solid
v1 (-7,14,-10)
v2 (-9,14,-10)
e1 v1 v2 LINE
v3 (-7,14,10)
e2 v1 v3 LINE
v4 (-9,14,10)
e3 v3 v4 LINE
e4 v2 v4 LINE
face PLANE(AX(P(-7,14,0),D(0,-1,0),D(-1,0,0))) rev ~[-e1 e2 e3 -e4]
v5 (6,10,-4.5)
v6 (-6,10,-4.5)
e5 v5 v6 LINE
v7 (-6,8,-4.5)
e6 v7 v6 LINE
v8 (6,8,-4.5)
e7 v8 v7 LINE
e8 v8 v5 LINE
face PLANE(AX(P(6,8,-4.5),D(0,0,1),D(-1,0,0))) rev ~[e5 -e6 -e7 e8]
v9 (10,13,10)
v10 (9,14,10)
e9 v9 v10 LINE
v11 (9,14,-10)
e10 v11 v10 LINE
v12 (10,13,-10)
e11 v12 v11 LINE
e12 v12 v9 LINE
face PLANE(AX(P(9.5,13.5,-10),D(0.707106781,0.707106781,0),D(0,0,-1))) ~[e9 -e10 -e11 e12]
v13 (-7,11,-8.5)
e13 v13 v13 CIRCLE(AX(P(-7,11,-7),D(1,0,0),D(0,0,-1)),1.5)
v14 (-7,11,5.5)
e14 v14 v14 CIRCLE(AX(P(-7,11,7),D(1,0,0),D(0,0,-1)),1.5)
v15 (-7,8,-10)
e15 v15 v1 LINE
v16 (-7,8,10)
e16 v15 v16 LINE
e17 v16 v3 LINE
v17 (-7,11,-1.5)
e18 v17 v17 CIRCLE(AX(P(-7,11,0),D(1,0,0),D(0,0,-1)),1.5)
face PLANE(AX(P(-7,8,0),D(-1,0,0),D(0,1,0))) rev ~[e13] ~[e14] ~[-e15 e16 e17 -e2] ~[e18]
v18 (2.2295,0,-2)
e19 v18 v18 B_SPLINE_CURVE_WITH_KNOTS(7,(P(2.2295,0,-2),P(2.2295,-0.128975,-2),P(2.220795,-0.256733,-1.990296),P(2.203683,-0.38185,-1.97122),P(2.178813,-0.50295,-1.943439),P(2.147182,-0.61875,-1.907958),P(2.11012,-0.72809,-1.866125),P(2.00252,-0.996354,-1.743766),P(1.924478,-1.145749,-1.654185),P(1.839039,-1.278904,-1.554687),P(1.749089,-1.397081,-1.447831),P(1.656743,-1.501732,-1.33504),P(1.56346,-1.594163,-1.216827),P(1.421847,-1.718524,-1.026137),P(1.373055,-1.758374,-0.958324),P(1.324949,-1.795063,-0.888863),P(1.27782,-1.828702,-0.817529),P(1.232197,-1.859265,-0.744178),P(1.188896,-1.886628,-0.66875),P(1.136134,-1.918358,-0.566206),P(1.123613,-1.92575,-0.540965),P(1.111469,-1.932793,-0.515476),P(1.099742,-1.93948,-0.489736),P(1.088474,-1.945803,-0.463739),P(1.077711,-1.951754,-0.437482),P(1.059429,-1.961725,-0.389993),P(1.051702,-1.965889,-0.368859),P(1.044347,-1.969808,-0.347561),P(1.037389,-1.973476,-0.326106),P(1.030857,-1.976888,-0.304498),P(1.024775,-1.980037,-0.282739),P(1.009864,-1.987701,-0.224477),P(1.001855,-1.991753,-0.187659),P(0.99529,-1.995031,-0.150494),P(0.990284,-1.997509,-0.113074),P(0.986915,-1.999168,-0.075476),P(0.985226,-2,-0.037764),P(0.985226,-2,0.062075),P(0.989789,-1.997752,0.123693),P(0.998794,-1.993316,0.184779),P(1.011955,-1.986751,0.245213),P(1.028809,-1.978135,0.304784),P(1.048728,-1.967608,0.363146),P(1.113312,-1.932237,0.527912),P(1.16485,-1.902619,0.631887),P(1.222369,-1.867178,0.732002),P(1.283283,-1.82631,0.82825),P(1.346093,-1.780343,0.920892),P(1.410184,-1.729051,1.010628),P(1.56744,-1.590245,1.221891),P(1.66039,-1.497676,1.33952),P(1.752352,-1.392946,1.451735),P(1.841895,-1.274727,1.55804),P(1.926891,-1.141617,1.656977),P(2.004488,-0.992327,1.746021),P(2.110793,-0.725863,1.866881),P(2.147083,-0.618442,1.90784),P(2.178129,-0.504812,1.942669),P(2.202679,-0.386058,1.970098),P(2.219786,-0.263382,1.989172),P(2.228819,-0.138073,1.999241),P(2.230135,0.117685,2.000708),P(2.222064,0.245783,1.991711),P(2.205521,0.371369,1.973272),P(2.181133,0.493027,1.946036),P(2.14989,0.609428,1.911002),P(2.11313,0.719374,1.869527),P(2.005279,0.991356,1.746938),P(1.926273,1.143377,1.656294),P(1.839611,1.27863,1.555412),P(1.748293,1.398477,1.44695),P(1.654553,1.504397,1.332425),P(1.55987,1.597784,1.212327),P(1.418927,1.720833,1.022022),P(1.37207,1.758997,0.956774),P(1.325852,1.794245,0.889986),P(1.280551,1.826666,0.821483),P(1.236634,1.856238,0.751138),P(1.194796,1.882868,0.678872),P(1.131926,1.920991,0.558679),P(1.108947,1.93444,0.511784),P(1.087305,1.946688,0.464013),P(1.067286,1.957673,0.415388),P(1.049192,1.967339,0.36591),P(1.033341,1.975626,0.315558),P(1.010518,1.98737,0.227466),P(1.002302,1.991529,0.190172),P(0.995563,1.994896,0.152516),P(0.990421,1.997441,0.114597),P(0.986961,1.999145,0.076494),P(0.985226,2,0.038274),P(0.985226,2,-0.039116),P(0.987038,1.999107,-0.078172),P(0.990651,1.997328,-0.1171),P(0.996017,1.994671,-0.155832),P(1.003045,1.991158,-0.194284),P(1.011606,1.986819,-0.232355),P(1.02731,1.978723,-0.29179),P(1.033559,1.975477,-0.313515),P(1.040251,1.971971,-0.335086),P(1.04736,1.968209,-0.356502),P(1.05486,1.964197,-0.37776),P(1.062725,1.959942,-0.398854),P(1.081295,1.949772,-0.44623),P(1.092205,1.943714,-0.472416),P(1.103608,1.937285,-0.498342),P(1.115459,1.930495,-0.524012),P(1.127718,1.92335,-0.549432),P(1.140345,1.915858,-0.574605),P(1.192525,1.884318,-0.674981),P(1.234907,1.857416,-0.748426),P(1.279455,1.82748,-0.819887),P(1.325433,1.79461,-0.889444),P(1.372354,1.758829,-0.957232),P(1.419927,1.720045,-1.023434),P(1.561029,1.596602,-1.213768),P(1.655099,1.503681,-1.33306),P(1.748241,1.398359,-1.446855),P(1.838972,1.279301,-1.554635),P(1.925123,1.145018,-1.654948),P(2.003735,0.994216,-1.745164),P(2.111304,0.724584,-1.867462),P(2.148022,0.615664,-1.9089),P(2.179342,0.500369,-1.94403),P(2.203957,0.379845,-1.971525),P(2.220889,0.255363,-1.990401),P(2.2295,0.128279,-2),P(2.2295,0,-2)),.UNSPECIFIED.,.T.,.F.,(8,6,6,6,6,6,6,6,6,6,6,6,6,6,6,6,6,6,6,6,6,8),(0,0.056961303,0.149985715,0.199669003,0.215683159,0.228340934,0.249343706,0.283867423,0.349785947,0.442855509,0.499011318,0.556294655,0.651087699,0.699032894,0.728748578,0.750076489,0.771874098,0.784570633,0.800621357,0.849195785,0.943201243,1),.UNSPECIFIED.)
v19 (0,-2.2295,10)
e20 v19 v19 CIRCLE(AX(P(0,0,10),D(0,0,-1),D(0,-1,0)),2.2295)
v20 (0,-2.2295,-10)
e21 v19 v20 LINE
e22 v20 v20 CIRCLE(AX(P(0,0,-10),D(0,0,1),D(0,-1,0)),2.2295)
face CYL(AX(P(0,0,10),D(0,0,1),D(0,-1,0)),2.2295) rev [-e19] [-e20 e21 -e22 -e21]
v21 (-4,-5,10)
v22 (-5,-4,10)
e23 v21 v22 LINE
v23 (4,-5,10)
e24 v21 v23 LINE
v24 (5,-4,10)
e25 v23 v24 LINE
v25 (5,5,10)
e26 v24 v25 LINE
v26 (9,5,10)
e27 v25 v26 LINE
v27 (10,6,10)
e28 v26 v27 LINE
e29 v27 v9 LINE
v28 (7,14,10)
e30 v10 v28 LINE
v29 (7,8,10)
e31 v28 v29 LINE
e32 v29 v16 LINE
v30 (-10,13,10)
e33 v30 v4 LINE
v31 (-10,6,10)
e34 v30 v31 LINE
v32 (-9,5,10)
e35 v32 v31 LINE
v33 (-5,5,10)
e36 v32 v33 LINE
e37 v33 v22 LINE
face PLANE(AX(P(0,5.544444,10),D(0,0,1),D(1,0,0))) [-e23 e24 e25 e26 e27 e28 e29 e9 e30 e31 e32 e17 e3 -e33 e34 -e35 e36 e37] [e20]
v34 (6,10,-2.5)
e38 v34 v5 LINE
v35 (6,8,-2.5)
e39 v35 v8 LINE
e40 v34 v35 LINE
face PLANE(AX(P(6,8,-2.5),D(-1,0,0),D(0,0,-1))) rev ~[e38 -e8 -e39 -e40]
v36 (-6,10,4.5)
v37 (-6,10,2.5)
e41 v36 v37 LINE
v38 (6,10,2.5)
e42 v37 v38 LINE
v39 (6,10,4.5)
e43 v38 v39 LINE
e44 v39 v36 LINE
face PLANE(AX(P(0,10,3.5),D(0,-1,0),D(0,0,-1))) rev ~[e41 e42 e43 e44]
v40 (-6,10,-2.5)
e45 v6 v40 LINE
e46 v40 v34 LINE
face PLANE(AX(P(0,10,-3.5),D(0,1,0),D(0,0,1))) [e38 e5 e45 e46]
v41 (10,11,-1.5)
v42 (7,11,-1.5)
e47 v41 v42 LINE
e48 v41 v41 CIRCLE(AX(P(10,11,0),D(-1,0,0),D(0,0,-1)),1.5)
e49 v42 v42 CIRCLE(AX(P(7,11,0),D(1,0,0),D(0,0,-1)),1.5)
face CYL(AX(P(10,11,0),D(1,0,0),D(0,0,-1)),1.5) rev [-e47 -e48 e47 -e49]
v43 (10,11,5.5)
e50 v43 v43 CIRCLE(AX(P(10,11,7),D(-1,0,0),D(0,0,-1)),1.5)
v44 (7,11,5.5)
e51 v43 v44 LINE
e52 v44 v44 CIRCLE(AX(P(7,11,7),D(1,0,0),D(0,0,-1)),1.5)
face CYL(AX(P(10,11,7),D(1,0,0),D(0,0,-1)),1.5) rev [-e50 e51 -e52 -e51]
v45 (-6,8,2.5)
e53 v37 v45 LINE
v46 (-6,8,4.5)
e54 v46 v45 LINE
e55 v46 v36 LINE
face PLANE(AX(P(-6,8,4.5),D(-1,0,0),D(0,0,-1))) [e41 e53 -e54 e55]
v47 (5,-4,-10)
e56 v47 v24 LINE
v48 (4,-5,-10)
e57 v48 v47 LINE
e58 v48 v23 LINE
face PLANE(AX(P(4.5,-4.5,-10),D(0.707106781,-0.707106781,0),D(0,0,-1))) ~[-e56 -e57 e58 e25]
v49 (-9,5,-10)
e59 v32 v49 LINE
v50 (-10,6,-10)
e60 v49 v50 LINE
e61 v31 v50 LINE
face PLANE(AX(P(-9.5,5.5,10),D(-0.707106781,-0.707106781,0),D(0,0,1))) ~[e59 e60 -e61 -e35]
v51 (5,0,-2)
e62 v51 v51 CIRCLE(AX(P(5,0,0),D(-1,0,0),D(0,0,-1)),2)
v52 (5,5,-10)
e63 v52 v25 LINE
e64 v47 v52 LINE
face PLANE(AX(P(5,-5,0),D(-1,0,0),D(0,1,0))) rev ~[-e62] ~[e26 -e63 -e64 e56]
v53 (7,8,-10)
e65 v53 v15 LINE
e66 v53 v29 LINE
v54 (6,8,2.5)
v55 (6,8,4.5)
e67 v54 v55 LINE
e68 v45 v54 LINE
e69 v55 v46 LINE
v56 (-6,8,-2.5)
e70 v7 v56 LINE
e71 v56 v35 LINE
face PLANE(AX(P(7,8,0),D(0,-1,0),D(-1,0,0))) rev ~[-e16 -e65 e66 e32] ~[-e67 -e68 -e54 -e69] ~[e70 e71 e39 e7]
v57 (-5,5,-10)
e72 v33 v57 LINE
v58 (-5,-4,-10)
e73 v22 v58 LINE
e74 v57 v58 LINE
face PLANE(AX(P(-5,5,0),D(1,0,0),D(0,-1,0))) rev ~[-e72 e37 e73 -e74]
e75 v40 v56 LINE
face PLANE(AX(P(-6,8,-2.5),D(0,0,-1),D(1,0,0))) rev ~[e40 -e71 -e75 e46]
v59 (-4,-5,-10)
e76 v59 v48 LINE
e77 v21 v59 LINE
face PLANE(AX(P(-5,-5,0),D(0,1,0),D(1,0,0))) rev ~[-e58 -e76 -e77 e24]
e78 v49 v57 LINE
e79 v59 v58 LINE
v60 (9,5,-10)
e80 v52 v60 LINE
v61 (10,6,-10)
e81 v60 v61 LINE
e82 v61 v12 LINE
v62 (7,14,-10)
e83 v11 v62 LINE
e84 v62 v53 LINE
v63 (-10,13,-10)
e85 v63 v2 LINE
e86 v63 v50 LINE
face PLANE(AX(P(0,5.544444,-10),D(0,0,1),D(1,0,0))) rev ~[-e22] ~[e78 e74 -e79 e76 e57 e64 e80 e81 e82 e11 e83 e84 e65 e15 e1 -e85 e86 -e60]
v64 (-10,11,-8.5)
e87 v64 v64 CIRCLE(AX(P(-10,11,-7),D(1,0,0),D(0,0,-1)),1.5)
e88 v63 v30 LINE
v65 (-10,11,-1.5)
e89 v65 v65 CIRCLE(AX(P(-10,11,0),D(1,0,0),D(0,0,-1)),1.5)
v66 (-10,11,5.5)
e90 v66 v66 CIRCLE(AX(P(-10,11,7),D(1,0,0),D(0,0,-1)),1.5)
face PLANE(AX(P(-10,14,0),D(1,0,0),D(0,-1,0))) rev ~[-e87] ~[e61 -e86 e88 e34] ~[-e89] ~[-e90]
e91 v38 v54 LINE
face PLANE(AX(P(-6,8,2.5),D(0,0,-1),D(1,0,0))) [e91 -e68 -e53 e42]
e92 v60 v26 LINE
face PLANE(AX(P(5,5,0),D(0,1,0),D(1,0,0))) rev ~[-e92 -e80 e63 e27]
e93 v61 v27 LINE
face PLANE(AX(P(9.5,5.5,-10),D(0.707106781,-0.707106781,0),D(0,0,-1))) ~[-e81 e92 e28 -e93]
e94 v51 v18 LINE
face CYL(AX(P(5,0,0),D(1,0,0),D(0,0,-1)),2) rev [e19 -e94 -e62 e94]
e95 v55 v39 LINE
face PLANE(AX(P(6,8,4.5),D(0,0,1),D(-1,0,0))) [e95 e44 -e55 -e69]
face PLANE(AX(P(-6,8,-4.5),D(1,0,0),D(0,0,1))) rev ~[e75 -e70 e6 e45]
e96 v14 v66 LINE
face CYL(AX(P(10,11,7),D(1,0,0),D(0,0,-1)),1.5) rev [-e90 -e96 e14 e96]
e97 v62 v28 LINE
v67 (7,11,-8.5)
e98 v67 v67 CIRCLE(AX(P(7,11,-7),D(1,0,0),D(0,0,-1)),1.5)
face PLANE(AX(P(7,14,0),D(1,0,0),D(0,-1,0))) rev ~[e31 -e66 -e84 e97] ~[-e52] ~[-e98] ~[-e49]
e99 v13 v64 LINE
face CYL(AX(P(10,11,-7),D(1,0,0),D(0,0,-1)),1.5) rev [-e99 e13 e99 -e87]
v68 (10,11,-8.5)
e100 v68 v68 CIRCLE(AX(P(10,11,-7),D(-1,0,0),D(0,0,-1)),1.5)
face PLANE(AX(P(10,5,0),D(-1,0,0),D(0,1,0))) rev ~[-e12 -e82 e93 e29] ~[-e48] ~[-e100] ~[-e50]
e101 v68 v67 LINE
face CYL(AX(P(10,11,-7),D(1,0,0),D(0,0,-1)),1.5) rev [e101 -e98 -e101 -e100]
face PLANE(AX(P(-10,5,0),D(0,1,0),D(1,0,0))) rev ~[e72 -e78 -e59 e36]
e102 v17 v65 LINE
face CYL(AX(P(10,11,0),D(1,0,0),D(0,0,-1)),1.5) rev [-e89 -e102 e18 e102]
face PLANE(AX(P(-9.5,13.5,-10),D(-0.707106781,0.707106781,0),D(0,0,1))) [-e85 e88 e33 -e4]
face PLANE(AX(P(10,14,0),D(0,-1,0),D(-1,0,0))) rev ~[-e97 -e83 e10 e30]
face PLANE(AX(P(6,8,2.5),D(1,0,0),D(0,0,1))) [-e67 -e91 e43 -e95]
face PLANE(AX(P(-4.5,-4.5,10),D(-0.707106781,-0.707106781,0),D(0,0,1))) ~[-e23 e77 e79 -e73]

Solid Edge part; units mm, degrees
sketch "Sketch1" plane through (0, 0, 0) normal (0, 0, 1) x (1, 0, 0)
  line L0 (-5, -5) -> (5, -5)
  line L1 (5, -5) -> (5, 5)
  line L2 (5, 5) -> (10, 5)
  line L3 (10, 5) -> (10, 14)
  line L4 (10, 14) -> (7, 14)
  line L5 (7, 14) -> (7, 8)
  line L6 (7, 8) -> (-7, 8)
  line L7 (-7, 8) -> (-7, 14)
  line L8 (-7, 14) -> (-10, 14)
  line L9 (-10, 14) -> (-10, 5)
  line L10 (-10, 5) -> (-5, 5)
  line L11 (-5, 5) -> (-5, -5)
  dimension "D1" = 10
  dimension "D2" = 10
  dimension "D3" = 5
  dimension "D4" = 9
  dimension "D5" = 6
  dimension "D6" = 14
extrude "Ajout_matière_1" add sketch "Sketch1" along normal mid plane 20
hole "Perçage_1" at (0, 0, 10) direction (0, 0, -1) diameter 4.459 end up to next
hole "Perçage_2" at (10, 11, 7) direction (-1, 0, 0) diameter 3 end through all
hole "Hole1" at (10, 11, 0) direction (-1, 0, 0) diameter 3 end through all
hole "Hole2" at (10, 11, -7) direction (-1, 0, 0) diameter 3 end through all
hole "Perçage_5" at (5, 0, 0) direction (-1, 0, 0) diameter 4 end up to next
chamfer "Chanfrein_1" distance 1 angle 45 6 edges at (10, 14, 0) (10, 5, 0) (-10, 14, 0) (-10, 5, 0) (-5, -5, 0) (5, -5, 0)
sketch "Sketch2" plane through (0, 8, 0) normal (0, 1, 0) x (0, 0, -1)
  line L0 (-4.5, 6) -> (-2.5, 6)
  line L1 (-2.5, 6) -> (-2.5, -6)
  line L2 (-2.5, -6) -> (-4.5, -6)
  line L3 (-4.5, -6) -> (-4.5, 6)
  line L4 (2.5, -6) -> (4.5, -6)
  line L5 (4.5, -6) -> (4.5, 6)
  line L6 (4.5, 6) -> (2.5, 6)
  line L7 (2.5, 6) -> (2.5, -6)
  dimension "D1" = 2.5
  dimension "D2" = 2
  dimension "D3" = 12
extrude "Ajout_matière_2" add sketch "Sketch2" along normal blind 2 and the other way blind 0.7497
properties material "Aluminium AU4G, 2024_T4"
